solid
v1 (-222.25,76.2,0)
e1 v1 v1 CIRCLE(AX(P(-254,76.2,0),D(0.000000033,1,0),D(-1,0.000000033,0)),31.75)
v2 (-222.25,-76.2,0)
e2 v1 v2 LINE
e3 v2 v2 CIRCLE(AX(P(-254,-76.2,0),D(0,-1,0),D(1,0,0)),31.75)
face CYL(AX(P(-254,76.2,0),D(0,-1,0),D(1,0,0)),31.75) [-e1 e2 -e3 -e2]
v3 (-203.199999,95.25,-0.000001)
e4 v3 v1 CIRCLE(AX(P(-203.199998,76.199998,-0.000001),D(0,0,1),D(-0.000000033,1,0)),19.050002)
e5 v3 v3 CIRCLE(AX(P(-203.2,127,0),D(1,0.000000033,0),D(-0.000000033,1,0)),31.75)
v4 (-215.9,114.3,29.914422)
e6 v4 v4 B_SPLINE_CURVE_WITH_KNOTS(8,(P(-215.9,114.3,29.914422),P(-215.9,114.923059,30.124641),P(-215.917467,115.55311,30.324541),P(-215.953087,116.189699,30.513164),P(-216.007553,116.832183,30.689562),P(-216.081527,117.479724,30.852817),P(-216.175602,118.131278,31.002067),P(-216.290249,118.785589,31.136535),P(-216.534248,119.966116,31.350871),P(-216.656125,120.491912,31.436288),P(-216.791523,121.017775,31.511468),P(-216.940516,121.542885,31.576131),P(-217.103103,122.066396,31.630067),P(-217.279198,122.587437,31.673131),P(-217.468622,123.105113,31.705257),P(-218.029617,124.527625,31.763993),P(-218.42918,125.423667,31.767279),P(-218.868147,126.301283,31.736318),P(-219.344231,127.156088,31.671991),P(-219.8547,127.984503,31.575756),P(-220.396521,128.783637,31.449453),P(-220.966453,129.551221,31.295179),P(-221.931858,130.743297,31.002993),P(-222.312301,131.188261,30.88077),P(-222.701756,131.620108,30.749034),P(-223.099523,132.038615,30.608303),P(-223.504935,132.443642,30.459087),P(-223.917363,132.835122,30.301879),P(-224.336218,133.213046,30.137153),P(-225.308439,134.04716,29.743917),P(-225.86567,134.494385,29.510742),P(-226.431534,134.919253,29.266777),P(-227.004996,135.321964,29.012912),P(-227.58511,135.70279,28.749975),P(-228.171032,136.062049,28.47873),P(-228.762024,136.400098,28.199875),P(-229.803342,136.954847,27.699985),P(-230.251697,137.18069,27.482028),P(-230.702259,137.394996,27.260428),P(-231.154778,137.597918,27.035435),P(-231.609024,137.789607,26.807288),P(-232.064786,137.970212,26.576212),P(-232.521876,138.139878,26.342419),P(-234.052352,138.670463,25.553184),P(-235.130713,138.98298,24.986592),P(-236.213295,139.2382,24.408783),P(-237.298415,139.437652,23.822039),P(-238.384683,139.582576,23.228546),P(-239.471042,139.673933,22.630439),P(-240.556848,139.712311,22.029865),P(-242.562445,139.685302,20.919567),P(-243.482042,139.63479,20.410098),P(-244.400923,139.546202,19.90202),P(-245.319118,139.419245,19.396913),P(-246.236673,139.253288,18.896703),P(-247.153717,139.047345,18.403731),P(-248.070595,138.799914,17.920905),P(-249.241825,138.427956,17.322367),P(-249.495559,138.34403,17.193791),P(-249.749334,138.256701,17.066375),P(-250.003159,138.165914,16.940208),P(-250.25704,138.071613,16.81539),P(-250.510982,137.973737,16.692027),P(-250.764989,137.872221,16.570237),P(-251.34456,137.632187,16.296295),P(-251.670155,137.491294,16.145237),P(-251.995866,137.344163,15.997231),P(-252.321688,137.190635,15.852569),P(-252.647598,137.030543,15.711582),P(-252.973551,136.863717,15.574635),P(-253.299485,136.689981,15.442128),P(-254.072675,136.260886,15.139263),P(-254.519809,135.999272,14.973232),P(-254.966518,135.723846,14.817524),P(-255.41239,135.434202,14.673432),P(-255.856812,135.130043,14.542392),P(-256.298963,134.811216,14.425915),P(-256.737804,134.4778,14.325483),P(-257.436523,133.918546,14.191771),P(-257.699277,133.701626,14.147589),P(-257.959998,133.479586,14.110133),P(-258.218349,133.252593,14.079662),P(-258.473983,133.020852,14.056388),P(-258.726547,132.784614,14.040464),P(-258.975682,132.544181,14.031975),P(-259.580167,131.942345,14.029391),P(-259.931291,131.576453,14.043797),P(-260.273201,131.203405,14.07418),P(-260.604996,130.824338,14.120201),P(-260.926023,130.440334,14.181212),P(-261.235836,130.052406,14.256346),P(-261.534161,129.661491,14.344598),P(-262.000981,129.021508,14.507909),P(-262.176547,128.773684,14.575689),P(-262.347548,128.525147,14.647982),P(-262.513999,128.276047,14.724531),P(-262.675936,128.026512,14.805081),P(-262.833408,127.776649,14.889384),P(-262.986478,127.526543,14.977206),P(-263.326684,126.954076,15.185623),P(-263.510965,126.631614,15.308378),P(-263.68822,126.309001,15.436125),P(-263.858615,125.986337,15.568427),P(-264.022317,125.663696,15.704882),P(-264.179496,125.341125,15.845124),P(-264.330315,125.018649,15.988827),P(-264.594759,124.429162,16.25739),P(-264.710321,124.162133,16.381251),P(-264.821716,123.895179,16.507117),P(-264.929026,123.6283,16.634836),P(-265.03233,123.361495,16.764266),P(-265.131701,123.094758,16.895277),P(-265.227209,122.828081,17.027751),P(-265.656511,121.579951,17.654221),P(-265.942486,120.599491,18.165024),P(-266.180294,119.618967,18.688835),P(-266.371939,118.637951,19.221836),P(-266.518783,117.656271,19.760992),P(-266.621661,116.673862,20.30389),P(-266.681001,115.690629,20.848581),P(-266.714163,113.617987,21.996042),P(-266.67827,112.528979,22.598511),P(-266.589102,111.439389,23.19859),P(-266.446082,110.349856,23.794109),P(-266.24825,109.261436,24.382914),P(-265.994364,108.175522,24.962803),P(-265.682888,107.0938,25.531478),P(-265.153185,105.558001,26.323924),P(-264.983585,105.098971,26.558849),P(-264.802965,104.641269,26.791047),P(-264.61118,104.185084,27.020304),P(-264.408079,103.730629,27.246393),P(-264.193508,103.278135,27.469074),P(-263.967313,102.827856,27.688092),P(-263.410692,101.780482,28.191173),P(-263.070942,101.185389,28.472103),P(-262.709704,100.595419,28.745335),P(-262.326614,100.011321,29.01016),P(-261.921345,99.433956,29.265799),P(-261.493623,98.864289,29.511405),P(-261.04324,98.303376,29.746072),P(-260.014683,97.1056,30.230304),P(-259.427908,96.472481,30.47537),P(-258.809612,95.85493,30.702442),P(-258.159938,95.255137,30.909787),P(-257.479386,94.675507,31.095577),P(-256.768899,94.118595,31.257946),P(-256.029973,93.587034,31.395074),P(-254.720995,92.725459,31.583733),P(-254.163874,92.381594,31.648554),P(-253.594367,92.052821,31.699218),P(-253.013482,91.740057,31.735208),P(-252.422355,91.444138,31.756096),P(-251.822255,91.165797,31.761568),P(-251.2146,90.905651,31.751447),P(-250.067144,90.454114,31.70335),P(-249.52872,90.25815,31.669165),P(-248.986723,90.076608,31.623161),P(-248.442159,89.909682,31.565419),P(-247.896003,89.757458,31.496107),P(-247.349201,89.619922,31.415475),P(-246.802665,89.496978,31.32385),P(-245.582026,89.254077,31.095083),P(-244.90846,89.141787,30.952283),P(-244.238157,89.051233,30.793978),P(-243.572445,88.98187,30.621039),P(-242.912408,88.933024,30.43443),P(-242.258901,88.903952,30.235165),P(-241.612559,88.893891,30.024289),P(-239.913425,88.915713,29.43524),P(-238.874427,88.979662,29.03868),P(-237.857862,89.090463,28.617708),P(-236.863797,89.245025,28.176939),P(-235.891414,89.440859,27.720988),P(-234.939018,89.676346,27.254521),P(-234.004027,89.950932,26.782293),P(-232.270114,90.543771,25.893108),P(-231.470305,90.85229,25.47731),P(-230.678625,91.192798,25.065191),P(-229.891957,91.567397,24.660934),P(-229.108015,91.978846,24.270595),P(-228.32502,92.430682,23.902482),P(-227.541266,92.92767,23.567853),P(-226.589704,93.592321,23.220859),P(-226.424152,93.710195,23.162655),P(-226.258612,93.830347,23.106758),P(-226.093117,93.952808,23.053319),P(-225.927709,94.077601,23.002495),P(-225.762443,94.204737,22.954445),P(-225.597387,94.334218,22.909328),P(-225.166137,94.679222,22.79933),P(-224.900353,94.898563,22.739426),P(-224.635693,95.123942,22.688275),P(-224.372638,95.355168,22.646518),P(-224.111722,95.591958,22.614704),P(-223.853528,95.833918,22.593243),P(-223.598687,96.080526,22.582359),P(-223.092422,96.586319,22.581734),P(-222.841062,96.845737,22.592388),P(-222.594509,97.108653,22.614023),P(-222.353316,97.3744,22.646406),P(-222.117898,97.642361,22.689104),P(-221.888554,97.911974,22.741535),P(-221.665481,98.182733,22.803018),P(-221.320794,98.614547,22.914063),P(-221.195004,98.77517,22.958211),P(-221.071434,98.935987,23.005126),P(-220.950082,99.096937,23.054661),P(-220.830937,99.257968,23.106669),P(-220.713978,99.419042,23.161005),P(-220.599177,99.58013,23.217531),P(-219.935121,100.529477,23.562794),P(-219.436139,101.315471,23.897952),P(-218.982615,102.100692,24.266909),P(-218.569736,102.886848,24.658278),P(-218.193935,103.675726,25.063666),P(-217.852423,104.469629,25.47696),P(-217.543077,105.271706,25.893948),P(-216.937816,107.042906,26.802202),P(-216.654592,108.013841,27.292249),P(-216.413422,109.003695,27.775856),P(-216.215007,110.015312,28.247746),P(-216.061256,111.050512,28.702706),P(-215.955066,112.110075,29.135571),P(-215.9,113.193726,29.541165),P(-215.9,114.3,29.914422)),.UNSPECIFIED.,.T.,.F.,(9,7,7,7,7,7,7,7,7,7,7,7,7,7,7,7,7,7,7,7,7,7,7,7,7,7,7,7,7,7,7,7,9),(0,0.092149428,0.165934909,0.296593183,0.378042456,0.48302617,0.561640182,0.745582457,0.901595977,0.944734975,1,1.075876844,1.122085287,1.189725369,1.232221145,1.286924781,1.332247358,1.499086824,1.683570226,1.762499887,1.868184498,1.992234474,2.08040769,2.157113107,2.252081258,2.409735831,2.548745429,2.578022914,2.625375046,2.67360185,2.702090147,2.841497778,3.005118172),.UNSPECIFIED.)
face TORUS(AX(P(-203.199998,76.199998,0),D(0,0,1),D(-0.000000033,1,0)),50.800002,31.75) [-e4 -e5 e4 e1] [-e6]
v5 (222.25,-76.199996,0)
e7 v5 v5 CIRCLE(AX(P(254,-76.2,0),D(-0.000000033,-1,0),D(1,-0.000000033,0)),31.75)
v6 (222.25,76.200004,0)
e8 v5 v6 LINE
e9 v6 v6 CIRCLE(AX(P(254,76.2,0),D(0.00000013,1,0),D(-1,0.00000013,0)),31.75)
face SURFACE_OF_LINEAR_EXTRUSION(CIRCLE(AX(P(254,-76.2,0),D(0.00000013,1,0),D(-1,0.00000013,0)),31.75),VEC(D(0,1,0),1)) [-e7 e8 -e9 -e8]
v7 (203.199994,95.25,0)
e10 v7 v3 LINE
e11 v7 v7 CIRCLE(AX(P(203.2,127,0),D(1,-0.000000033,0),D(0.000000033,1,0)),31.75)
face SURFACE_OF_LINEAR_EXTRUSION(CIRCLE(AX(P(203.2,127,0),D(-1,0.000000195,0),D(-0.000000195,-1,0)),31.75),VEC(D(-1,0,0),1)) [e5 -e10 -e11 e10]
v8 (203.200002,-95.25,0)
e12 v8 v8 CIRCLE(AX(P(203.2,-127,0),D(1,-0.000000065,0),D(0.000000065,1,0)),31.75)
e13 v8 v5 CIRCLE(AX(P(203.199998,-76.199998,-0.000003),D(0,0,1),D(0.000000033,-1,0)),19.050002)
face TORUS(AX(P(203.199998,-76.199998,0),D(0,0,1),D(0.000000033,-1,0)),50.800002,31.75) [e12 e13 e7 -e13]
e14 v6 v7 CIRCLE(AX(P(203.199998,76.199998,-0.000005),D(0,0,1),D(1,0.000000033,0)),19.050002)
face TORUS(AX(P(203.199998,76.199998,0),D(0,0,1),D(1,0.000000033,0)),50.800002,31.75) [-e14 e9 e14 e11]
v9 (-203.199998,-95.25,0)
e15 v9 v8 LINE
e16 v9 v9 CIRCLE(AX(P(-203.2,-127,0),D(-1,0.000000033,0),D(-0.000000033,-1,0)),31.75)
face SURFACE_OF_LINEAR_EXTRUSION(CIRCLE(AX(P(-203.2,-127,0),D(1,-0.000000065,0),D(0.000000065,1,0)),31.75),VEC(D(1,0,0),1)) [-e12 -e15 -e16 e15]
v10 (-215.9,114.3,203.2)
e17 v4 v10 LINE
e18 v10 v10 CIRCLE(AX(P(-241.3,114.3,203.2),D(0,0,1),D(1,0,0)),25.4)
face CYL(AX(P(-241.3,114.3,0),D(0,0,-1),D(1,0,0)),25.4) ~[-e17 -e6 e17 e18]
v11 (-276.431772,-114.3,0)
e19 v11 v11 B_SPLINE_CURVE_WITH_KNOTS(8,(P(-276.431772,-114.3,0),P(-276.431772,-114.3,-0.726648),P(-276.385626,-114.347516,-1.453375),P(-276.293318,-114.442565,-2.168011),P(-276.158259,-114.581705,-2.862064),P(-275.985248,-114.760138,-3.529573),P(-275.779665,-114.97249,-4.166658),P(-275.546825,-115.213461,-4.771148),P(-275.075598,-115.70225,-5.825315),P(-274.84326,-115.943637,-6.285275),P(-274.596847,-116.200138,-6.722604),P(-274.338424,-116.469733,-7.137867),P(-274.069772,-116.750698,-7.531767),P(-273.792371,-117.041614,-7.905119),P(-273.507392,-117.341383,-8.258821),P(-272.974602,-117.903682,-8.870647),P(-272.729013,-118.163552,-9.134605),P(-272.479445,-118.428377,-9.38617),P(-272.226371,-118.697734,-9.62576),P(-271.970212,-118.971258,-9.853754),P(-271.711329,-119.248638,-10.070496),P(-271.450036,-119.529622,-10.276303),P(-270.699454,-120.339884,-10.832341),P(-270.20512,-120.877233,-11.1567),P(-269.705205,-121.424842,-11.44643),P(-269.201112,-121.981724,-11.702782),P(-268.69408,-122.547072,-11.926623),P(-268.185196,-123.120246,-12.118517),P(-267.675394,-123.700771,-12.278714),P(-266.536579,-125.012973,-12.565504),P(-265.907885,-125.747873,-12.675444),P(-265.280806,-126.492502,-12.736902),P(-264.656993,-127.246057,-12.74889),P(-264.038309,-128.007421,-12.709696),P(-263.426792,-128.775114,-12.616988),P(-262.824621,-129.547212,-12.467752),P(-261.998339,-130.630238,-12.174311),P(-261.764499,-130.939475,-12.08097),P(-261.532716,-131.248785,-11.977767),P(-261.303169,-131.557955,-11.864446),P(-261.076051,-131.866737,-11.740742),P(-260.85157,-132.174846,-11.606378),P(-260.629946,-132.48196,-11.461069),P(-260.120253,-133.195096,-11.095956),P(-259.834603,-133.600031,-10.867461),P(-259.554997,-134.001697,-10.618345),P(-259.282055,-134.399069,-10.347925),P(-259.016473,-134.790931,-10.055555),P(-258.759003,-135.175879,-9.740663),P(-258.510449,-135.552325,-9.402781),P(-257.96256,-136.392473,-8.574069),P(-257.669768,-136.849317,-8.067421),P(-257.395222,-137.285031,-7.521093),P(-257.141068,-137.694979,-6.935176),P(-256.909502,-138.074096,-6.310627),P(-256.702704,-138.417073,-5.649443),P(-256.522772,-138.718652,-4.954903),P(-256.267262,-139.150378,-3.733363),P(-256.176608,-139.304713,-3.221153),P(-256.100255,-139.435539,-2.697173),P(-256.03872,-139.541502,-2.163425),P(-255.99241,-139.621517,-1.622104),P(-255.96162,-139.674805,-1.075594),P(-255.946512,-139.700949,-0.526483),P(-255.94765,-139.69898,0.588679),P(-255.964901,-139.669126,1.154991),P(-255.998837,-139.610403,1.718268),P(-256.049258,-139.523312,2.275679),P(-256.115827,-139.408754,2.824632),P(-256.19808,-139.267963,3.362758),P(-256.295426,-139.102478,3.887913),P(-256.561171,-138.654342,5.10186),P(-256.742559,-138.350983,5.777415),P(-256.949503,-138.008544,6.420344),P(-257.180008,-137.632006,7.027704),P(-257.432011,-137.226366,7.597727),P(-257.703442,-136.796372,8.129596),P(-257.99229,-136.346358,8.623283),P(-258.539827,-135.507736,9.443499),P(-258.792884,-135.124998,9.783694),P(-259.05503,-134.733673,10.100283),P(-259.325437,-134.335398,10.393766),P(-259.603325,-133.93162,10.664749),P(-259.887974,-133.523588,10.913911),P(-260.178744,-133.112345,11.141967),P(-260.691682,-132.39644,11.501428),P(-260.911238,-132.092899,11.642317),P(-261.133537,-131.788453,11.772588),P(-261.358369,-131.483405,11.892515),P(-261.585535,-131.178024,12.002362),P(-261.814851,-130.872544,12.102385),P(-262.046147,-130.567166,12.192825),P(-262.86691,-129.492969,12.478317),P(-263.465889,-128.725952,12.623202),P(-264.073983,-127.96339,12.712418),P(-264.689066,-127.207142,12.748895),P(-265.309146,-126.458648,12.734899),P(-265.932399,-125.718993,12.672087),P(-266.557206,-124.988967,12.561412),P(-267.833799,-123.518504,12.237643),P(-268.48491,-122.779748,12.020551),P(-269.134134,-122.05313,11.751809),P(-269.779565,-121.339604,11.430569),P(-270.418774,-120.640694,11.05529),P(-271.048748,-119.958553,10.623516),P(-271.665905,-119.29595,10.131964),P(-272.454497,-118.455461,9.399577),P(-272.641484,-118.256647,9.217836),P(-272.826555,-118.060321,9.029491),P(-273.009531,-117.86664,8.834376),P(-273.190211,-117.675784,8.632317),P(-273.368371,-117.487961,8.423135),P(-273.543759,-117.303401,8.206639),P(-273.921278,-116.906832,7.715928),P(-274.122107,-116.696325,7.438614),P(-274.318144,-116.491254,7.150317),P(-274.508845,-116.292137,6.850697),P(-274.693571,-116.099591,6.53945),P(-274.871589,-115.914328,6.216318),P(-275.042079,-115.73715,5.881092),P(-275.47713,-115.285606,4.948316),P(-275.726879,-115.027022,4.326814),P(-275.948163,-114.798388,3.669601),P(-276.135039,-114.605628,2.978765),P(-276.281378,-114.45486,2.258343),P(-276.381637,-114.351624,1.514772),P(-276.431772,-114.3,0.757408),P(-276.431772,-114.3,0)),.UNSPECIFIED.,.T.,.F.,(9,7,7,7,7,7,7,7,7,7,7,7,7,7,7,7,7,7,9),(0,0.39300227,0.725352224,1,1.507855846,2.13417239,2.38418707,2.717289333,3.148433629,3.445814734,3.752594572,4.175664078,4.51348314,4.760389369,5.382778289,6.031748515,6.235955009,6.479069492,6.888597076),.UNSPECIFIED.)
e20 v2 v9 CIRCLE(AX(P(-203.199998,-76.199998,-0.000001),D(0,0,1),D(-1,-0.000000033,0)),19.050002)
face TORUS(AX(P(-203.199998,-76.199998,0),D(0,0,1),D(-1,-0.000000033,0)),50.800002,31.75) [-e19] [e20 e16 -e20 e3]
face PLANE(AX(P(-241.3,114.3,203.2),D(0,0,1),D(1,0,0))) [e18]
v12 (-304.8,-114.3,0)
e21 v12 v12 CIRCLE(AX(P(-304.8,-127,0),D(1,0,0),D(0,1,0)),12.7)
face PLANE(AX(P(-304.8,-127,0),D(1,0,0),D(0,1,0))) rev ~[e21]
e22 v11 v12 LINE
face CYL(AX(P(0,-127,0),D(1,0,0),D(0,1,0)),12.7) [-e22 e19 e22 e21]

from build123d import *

# Parameters (mm, degrees)
F0_R     = 31.75
F3_R     = 12.7
F4_DEPTH = 304.8
F5_R     = 25.4
F6_DEPTH = 203.2


with BuildPart() as f2:
    # F2: sweep along a path in F1
    with BuildLine(Plane.XY) as f2_path:
        ThreePointArc((-203.2, 127), (-239.121024, 112.121024), (-254, 76.2))
        Line((-254, 76.2), (-254, -76.2))
        ThreePointArc((-254, -76.2), (-239.121024, -112.121024), (-203.2, -127))
        Line((-203.2, -127), (203.2, -127))
        ThreePointArc((203.2, -127), (239.121024, -112.121024), (254, -76.2))
        Line((254, -76.2), (254, 76.2))
        ThreePointArc((254, 76.2), (239.121024, 112.121024), (203.2, 127))
        Line((203.2, 127), (-203.2, 127))
    # F0 (on Front) → F2 (sweep)
    with BuildSketch(Plane.XZ):
        with Locations((-254, 0)):
            Circle(F0_R)
    sweep(path=f2_path.line)

    # F3 (on Right) → F4 (join)
    with BuildSketch(Plane.YZ):
        with Locations((-127, 0)):
            Circle(F3_R)
    extrude(amount=-F4_DEPTH)

    # F5 (on Top) → F6 (join)
    with BuildSketch(Plane.XY):
        with Locations((-241.3, 114.3)):
            Circle(F5_R)
    extrude(amount=F6_DEPTH)


solid = f2.part
